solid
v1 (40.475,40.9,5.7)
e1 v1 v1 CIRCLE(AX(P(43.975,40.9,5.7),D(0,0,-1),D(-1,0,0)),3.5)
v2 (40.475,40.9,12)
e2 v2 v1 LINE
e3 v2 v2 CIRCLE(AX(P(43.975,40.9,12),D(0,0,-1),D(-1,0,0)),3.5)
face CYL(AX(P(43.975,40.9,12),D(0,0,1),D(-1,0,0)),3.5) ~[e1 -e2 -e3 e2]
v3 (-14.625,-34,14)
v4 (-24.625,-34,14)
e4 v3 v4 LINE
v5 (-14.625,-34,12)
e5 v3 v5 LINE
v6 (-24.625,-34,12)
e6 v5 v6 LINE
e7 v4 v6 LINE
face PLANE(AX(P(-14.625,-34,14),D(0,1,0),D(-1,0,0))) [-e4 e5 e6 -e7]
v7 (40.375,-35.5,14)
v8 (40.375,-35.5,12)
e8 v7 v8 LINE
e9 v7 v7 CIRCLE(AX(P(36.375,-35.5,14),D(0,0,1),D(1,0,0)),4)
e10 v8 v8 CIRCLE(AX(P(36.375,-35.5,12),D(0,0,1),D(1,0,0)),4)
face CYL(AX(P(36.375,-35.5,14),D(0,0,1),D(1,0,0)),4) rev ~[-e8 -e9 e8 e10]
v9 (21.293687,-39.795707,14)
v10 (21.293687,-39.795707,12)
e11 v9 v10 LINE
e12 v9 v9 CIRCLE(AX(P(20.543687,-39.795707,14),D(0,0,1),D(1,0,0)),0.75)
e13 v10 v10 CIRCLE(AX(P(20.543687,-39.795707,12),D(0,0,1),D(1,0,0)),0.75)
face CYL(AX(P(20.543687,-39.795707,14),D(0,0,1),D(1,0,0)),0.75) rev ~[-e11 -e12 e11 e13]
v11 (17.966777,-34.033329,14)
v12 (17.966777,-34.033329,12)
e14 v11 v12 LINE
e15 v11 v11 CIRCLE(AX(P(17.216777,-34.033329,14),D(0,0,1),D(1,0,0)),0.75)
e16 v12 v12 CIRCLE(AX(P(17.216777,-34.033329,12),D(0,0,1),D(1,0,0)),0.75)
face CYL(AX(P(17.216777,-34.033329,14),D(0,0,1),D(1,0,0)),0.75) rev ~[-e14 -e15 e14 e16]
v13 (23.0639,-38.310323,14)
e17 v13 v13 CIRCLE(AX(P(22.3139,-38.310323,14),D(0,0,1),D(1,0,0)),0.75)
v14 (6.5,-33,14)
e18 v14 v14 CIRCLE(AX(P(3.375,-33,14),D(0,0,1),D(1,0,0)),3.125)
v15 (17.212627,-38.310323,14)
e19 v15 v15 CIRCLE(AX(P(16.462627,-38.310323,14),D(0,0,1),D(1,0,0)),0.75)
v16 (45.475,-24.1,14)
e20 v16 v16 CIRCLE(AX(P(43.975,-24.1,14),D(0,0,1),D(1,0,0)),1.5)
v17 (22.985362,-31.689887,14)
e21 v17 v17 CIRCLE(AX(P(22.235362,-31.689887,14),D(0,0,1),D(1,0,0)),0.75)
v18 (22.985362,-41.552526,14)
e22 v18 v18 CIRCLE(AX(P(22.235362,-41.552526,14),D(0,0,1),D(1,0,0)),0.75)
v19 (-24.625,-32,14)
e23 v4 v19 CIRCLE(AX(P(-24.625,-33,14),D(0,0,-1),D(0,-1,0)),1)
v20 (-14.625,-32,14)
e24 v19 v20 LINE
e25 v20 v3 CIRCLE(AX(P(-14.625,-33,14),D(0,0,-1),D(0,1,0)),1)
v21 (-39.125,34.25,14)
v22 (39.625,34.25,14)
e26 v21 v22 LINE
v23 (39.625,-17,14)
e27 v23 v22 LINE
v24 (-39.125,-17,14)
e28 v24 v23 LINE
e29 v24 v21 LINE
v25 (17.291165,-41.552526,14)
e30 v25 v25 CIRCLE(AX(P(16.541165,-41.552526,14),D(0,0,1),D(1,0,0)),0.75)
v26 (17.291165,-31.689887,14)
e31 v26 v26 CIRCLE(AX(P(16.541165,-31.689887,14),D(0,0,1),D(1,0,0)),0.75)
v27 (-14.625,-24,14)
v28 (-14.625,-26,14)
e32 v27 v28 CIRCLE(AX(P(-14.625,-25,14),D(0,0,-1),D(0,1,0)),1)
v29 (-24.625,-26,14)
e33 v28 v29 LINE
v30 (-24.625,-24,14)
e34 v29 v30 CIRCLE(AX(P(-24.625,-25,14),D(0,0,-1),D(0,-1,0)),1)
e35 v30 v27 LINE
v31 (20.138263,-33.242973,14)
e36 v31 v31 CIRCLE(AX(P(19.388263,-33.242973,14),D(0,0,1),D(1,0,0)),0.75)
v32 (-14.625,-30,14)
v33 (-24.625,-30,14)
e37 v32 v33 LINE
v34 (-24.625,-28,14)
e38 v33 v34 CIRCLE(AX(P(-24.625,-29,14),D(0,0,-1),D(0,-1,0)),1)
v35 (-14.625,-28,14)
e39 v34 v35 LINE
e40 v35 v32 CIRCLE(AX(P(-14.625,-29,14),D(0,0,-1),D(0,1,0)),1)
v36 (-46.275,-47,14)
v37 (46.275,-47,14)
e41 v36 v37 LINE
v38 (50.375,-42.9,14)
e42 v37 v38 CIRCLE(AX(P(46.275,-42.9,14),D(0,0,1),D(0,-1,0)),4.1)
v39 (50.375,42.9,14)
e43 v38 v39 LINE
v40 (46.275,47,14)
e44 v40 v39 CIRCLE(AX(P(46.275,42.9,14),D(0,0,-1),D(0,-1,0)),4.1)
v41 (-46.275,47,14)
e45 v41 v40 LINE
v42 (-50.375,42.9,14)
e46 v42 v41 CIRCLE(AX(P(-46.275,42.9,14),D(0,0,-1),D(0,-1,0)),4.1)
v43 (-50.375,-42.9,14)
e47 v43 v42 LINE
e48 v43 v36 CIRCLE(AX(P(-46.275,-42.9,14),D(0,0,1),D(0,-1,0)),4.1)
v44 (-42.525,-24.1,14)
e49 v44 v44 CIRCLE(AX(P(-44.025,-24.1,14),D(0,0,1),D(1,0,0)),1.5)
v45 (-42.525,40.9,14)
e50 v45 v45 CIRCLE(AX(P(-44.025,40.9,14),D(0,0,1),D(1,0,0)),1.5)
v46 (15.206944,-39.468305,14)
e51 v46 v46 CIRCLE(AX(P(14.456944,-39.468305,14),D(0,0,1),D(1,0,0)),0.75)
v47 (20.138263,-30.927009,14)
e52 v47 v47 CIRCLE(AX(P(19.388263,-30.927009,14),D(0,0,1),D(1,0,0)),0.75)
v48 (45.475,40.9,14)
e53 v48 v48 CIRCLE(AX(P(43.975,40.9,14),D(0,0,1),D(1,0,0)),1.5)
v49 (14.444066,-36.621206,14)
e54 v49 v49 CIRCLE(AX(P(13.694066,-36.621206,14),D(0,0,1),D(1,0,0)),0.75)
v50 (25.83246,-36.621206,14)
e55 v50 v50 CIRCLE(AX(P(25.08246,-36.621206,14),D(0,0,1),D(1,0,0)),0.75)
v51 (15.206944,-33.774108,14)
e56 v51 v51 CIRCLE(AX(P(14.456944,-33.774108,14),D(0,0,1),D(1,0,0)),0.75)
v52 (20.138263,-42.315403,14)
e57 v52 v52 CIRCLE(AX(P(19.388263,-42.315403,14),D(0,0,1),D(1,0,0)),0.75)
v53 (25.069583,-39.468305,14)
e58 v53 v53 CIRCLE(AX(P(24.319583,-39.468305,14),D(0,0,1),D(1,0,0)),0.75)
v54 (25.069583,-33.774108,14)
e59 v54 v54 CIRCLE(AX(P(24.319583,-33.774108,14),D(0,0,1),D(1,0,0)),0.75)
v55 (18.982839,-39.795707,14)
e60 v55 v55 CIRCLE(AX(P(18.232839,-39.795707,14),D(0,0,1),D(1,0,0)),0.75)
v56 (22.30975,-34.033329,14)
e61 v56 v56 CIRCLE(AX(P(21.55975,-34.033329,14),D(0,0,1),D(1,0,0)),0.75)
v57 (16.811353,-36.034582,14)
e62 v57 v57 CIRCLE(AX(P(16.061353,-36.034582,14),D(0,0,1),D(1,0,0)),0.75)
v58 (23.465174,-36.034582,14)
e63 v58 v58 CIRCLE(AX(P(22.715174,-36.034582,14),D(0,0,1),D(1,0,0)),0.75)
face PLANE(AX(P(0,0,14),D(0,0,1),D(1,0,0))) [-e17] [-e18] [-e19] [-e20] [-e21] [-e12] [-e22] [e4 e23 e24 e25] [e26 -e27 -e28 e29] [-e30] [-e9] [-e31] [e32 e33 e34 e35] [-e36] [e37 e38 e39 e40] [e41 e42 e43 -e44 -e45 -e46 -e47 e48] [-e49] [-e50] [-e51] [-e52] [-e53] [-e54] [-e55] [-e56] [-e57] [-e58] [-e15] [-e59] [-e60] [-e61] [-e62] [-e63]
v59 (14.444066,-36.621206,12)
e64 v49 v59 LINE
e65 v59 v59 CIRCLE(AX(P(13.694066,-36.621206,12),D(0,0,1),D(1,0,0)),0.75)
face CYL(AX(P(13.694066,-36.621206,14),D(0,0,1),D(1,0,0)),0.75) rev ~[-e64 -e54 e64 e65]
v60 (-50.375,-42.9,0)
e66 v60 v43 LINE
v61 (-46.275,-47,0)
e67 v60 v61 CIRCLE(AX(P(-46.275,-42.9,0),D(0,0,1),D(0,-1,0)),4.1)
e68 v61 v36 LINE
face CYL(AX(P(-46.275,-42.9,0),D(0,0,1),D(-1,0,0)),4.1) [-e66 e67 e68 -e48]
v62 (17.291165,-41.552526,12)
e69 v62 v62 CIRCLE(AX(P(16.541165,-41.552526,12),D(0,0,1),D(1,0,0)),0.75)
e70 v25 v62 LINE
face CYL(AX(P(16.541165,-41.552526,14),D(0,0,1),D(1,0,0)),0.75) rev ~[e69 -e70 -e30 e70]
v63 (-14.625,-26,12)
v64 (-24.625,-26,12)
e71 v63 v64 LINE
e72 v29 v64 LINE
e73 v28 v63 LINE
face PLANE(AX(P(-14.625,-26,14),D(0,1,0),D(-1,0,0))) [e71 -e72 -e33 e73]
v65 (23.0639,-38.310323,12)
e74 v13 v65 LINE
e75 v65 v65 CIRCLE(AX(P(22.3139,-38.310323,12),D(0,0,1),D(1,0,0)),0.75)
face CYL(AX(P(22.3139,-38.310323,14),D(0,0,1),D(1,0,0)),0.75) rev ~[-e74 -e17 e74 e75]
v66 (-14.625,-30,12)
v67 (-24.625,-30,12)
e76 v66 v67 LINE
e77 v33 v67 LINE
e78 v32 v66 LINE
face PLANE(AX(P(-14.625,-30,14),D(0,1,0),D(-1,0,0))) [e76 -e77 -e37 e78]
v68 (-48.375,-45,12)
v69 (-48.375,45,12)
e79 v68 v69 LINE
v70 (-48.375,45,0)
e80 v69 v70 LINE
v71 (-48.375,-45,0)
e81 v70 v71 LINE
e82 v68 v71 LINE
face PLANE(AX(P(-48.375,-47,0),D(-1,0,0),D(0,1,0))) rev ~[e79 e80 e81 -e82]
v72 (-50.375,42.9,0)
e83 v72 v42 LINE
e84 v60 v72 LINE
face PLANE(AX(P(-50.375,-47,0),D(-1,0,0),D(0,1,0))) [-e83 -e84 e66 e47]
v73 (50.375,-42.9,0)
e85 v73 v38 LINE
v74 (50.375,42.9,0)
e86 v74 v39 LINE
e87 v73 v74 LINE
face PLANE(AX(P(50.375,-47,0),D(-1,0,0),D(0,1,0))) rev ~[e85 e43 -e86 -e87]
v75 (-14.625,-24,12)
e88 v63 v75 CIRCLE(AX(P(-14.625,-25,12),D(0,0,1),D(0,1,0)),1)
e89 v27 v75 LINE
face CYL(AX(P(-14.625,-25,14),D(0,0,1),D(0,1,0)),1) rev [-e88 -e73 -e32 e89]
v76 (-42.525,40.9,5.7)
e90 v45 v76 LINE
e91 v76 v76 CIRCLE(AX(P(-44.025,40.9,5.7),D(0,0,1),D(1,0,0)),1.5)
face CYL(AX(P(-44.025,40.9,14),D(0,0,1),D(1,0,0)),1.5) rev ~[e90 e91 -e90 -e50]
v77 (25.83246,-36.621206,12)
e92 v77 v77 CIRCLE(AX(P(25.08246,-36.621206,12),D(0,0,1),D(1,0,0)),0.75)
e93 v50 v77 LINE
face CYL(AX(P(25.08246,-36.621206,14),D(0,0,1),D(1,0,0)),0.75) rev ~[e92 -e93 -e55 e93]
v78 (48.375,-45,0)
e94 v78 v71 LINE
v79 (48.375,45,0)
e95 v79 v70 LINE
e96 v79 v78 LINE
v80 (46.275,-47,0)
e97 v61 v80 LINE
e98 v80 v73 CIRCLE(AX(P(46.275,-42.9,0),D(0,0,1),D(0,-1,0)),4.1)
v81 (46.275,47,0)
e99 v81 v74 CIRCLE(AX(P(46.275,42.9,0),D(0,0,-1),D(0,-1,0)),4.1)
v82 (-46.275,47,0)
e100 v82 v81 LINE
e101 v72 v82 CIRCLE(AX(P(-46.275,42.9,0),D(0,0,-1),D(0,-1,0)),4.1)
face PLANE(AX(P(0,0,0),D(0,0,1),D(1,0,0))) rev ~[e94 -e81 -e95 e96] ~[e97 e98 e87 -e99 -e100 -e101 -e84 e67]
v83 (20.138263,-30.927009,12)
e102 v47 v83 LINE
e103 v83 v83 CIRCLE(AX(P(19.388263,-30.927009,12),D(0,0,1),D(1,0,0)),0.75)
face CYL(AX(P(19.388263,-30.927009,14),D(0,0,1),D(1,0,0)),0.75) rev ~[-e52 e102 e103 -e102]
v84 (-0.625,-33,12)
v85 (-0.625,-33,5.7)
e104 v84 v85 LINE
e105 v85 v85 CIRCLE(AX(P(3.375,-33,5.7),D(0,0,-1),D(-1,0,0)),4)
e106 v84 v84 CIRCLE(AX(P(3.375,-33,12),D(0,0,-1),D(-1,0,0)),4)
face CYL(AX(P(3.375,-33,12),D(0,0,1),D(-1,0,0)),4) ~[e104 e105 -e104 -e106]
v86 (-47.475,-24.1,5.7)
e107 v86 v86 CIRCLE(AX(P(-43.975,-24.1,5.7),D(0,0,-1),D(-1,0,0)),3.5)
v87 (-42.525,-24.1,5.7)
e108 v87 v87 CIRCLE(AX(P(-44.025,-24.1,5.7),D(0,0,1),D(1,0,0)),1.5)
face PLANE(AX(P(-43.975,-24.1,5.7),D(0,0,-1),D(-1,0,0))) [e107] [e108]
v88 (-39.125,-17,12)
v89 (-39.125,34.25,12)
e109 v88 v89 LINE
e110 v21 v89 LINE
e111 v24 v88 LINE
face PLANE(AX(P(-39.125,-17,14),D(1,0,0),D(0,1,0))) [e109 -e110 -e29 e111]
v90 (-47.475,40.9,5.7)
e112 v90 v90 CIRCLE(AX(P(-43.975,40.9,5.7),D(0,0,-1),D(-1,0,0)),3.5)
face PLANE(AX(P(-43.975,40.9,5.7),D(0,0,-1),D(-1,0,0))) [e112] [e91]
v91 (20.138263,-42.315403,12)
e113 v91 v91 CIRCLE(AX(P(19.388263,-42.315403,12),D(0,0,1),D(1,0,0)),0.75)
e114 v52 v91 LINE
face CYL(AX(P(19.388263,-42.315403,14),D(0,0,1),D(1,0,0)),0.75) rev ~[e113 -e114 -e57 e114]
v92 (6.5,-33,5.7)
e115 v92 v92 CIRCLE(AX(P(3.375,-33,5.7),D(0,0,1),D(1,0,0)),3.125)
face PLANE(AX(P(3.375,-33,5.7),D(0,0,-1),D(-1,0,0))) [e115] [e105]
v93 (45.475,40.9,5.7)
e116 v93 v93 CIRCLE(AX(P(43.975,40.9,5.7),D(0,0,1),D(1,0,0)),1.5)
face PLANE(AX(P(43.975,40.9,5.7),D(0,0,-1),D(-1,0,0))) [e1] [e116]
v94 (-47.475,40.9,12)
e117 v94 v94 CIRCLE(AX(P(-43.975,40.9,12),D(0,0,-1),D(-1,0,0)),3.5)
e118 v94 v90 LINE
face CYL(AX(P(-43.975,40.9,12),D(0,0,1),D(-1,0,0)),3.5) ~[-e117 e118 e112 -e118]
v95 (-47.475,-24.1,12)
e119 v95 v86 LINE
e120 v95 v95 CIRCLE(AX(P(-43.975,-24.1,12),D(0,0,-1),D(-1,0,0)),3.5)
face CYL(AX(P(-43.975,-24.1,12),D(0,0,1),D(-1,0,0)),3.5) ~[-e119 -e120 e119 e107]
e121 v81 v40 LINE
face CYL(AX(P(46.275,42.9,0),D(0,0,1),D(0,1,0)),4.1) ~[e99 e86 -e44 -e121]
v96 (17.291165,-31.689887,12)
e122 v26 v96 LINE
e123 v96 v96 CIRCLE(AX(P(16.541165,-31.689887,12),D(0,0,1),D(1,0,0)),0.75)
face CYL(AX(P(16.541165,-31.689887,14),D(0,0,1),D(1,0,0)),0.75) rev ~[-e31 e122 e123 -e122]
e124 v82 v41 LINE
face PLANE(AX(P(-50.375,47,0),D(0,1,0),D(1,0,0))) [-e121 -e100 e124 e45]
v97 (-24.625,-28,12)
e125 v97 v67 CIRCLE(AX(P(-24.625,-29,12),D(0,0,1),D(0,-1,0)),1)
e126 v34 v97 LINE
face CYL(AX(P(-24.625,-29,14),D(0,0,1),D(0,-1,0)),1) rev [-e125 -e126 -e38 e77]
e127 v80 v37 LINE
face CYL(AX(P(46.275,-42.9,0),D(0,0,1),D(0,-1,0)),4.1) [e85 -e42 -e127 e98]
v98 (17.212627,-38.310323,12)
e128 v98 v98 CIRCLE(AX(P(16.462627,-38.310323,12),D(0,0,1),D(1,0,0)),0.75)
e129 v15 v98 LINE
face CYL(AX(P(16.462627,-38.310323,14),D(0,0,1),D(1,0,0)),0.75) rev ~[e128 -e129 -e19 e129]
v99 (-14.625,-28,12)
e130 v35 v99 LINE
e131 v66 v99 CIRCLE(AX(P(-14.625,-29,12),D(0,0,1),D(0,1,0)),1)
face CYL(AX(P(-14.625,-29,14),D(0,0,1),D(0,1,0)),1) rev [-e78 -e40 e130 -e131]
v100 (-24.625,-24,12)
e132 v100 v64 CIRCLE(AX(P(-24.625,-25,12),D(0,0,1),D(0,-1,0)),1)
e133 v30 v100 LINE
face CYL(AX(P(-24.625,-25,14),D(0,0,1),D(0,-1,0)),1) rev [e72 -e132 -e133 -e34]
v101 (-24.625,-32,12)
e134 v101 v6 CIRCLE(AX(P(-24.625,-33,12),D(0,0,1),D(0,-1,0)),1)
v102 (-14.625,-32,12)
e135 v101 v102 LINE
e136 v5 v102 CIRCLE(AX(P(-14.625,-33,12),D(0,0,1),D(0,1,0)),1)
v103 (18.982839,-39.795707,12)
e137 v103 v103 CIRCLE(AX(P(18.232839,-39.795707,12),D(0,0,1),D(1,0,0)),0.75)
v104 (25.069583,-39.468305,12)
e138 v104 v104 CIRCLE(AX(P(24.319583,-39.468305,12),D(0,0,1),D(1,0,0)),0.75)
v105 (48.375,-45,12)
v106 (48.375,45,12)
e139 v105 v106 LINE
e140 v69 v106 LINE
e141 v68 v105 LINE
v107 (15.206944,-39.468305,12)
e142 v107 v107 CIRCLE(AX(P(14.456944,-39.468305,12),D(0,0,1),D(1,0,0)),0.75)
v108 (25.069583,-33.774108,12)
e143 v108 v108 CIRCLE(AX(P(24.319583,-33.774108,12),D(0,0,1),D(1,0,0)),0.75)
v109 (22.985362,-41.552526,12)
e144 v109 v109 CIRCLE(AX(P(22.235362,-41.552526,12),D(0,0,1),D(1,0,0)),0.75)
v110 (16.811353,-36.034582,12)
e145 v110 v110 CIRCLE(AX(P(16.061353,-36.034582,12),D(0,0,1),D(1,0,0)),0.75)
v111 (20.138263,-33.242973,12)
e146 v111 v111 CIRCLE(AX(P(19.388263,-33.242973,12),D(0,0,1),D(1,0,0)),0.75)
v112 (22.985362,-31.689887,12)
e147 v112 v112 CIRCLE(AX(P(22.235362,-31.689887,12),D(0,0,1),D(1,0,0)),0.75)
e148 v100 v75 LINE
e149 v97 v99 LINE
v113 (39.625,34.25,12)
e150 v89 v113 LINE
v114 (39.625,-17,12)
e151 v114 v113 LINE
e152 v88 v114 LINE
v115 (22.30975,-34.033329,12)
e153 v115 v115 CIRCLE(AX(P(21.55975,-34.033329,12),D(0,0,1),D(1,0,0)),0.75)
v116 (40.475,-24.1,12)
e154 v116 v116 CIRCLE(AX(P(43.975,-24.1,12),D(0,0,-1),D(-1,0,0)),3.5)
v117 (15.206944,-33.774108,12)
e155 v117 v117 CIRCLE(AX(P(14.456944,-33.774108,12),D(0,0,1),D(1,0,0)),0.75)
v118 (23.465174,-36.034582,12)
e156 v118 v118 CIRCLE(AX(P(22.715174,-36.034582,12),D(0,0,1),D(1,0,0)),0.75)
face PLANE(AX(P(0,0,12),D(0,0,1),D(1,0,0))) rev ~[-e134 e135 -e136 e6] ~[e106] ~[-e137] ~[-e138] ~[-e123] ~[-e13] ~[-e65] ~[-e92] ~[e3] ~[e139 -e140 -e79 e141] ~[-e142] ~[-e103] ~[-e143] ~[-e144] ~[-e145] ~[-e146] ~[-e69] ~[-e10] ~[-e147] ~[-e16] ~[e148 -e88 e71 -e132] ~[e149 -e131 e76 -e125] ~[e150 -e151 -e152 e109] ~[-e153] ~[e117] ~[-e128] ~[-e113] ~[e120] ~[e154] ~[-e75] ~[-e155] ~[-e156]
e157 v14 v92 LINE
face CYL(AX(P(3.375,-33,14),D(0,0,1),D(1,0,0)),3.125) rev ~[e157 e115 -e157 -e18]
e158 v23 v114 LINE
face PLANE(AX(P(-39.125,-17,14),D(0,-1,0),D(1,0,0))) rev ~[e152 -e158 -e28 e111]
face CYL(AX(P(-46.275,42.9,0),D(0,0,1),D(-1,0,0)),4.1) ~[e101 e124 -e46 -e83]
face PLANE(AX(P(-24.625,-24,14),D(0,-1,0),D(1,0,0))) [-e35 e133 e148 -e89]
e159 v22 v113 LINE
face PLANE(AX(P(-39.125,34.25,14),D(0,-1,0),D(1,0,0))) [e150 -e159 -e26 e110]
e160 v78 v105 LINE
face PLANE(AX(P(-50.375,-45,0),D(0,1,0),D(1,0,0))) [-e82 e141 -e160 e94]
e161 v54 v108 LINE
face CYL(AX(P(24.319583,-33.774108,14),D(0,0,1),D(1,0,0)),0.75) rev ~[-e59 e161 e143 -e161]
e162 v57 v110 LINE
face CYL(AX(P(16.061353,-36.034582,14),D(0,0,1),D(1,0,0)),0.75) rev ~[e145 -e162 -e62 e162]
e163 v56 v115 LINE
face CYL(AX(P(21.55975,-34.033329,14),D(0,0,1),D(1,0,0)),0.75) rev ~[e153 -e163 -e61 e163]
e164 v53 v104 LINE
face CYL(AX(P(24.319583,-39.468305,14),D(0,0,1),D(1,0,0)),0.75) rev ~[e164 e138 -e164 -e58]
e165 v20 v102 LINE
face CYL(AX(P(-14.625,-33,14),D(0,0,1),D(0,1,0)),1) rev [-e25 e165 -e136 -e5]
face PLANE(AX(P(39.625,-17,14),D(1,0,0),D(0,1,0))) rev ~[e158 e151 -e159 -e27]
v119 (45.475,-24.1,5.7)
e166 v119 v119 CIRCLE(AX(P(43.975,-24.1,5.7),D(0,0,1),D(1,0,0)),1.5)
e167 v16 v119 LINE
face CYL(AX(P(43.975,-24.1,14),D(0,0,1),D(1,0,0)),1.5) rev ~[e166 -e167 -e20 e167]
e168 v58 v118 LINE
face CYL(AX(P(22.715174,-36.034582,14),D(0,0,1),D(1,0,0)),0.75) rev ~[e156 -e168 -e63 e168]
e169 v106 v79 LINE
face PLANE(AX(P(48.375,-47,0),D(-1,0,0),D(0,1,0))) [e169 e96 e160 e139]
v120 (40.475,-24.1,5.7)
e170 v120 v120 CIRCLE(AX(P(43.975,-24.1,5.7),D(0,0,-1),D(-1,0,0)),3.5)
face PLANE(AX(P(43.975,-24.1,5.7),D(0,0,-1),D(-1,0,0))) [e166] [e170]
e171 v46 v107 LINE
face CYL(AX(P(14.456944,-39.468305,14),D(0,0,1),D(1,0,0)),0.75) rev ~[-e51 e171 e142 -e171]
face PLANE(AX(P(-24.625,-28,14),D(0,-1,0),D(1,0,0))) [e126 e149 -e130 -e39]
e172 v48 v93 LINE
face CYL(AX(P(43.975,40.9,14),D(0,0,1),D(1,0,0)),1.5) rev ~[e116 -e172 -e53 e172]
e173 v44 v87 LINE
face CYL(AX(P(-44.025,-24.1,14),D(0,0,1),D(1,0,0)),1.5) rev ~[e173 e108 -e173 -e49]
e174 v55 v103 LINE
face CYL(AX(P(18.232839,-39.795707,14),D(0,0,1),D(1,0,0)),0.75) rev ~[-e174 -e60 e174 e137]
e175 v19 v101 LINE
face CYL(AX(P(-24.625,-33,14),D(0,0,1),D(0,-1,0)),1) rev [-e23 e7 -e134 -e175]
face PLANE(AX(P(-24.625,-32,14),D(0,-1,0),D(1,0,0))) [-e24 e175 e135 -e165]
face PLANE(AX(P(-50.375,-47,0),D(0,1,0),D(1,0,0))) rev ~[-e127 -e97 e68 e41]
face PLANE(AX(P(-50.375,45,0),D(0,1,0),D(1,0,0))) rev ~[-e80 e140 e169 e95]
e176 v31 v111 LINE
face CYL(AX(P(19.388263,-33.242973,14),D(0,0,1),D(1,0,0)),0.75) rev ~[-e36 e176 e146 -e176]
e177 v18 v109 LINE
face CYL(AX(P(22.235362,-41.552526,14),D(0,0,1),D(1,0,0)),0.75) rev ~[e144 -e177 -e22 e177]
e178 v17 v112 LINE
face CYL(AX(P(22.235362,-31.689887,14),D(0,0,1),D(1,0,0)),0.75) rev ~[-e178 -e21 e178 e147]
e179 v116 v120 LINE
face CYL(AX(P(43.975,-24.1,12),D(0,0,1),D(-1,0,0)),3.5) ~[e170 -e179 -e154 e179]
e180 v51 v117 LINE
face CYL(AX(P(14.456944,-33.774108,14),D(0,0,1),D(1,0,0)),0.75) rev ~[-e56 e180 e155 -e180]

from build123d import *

# Parameters (mm, degrees)
SKETCH1_W           = 100.75
SKETCH1_H           = 94
BOSS_EXTRUDE1_DEPTH = 14
SHELL1_T            = -2
SKETCH2_R           = 3.5
SKETCH2_R_2         = 4
BOSS_EXTRUDE2_DEPTH = 6.3
SKETCH3_R           = 1.5
SKETCH3_R_2         = 4
SKETCH3_R_3         = 3.125
SKETCH3_R_4         = 0.75
SKETCH3_W           = 78.75
SKETCH3_H           = 51.25
CUT_EXTRUDE1_DEPTH  = 15
FILLET1_R           = 4.1


with BuildPart() as part:
    # Sketch1 → Boss-Extrude1 (new body)
    with BuildSketch(Plane.XY):
        Rectangle(SKETCH1_W, SKETCH1_H)
    extrude(amount=BOSS_EXTRUDE1_DEPTH)

    # Shell1
    shell1_openings = [part.faces().sort_by_distance(p)[0] for p in [
        (0, 0, 0),
    ]]
    offset(amount=SHELL1_T, openings=shell1_openings, kind=Kind.INTERSECTION)

    # Sketch2 → Boss-Extrude2 (add)
    with BuildSketch(Plane(origin=(0, 0, 12), x_dir=(-1, 0, 0), z_dir=(0, 0, -1))):
        with Locations((-43.975, 40.9)):
            Circle(SKETCH2_R)
        with Locations((-43.975, -24.1)):
            Circle(SKETCH2_R)
        with Locations((43.975, 40.9)):
            Circle(SKETCH2_R)
        with Locations((43.975, -24.1)):
            Circle(SKETCH2_R)
        with Locations((-3.375, -33)):
            Circle(SKETCH2_R_2)
    extrude(amount=BOSS_EXTRUDE2_DEPTH)

    # Sketch3 → Cut-Extrude1 (cut, through all)
    with BuildSketch(Plane.XY.offset(14)):
        with Locations((-44.025, 40.9)):
            Circle(SKETCH3_R)
        with Locations((43.975, 40.9)):
            Circle(SKETCH3_R)
        with Locations((43.975, -24.1)):
            Circle(SKETCH3_R)
        with Locations((-44.025, -24.1)):
            Circle(SKETCH3_R)
        with Locations((36.375, -35.5)):
            Circle(SKETCH3_R_2)
        with Locations((3.375, -33)):
            Circle(SKETCH3_R_3)
        with Locations((19.388263363, -33.242972513)):
            Circle(SKETCH3_R_4)
        with Locations((21.559750082, -34.033329043)):
            Circle(SKETCH3_R_4)
        with Locations((22.715174032, -36.034582029)):
            Circle(SKETCH3_R_4)
        with Locations((22.313899506, -38.310322957)):
            Circle(SKETCH3_R_4)
        with Locations((20.543687313, -39.795707355)):
            Circle(SKETCH3_R_4)
        with Locations((18.232839412, -39.795707355)):
            Circle(SKETCH3_R_4)
        with Locations((16.46262722, -38.310322957)):
            Circle(SKETCH3_R_4)
        with Locations((16.061352693, -36.034582029)):
            Circle(SKETCH3_R_4)
        with Locations((17.216776643, -34.033329043)):
            Circle(SKETCH3_R_4)
        with Locations((19.388263363, -30.927009025)):
            Circle(SKETCH3_R_4)
        with Locations((22.235361921, -31.689886784)):
            Circle(SKETCH3_R_4)
        with Locations((24.319582721, -33.774107583)):
            Circle(SKETCH3_R_4)
        with Locations((25.08246048, -36.621206142)):
            Circle(SKETCH3_R_4)
        with Locations((24.319582721, -39.468304701)):
            Circle(SKETCH3_R_4)
        with Locations((22.235361921, -41.5525255)):
            Circle(SKETCH3_R_4)
        with Locations((19.388263363, -42.31540326)):
            Circle(SKETCH3_R_4)
        with Locations((16.541164804, -41.5525255)):
            Circle(SKETCH3_R_4)
        with Locations((14.456944005, -39.468304701)):
            Circle(SKETCH3_R_4)
        with Locations((13.694066245, -36.621206142)):
            Circle(SKETCH3_R_4)
        with Locations((14.456944005, -33.774107583)):
            Circle(SKETCH3_R_4)
        with Locations((16.541164804, -31.689886784)):
            Circle(SKETCH3_R_4)
        with Locations((0.25, 8.625)):
            Rectangle(SKETCH3_W, SKETCH3_H)
        with BuildLine():
            Line((-24.625, -24), (-14.625, -24))
            ThreePointArc((-14.625, -24), (-13.625, -25), (-14.625, -26))
            Line((-14.625, -26), (-24.625, -26))
            ThreePointArc((-24.625, -26), (-25.625, -25), (-24.625, -24))
        make_face()
        with BuildLine():
            Line((-24.625, -28), (-14.625, -28))
            ThreePointArc((-14.625, -28), (-13.625, -29), (-14.625, -30))
            Line((-14.625, -30), (-24.625, -30))
            ThreePointArc((-24.625, -30), (-25.625, -29), (-24.625, -28))
        make_face()
        with BuildLine():
            Line((-24.625, -32), (-14.625, -32))
            ThreePointArc((-14.625, -32), (-13.625, -33), (-14.625, -34))
            Line((-14.625, -34), (-24.625, -34))
            ThreePointArc((-24.625, -34), (-25.625, -33), (-24.625, -32))
        make_face()
    extrude(amount=-CUT_EXTRUDE1_DEPTH, mode=Mode.SUBTRACT)

    # Fillet1
    fillet1_edges = [part.edges().sort_by_distance(p)[0] for p in [
        (50.375, -47, 7),
        (-50.375, -47, 7),
        (-50.375, 47, 7),
        (50.375, 47, 7),
    ]]
    fillet(fillet1_edges, radius=FILLET1_R)


solid = part.part
